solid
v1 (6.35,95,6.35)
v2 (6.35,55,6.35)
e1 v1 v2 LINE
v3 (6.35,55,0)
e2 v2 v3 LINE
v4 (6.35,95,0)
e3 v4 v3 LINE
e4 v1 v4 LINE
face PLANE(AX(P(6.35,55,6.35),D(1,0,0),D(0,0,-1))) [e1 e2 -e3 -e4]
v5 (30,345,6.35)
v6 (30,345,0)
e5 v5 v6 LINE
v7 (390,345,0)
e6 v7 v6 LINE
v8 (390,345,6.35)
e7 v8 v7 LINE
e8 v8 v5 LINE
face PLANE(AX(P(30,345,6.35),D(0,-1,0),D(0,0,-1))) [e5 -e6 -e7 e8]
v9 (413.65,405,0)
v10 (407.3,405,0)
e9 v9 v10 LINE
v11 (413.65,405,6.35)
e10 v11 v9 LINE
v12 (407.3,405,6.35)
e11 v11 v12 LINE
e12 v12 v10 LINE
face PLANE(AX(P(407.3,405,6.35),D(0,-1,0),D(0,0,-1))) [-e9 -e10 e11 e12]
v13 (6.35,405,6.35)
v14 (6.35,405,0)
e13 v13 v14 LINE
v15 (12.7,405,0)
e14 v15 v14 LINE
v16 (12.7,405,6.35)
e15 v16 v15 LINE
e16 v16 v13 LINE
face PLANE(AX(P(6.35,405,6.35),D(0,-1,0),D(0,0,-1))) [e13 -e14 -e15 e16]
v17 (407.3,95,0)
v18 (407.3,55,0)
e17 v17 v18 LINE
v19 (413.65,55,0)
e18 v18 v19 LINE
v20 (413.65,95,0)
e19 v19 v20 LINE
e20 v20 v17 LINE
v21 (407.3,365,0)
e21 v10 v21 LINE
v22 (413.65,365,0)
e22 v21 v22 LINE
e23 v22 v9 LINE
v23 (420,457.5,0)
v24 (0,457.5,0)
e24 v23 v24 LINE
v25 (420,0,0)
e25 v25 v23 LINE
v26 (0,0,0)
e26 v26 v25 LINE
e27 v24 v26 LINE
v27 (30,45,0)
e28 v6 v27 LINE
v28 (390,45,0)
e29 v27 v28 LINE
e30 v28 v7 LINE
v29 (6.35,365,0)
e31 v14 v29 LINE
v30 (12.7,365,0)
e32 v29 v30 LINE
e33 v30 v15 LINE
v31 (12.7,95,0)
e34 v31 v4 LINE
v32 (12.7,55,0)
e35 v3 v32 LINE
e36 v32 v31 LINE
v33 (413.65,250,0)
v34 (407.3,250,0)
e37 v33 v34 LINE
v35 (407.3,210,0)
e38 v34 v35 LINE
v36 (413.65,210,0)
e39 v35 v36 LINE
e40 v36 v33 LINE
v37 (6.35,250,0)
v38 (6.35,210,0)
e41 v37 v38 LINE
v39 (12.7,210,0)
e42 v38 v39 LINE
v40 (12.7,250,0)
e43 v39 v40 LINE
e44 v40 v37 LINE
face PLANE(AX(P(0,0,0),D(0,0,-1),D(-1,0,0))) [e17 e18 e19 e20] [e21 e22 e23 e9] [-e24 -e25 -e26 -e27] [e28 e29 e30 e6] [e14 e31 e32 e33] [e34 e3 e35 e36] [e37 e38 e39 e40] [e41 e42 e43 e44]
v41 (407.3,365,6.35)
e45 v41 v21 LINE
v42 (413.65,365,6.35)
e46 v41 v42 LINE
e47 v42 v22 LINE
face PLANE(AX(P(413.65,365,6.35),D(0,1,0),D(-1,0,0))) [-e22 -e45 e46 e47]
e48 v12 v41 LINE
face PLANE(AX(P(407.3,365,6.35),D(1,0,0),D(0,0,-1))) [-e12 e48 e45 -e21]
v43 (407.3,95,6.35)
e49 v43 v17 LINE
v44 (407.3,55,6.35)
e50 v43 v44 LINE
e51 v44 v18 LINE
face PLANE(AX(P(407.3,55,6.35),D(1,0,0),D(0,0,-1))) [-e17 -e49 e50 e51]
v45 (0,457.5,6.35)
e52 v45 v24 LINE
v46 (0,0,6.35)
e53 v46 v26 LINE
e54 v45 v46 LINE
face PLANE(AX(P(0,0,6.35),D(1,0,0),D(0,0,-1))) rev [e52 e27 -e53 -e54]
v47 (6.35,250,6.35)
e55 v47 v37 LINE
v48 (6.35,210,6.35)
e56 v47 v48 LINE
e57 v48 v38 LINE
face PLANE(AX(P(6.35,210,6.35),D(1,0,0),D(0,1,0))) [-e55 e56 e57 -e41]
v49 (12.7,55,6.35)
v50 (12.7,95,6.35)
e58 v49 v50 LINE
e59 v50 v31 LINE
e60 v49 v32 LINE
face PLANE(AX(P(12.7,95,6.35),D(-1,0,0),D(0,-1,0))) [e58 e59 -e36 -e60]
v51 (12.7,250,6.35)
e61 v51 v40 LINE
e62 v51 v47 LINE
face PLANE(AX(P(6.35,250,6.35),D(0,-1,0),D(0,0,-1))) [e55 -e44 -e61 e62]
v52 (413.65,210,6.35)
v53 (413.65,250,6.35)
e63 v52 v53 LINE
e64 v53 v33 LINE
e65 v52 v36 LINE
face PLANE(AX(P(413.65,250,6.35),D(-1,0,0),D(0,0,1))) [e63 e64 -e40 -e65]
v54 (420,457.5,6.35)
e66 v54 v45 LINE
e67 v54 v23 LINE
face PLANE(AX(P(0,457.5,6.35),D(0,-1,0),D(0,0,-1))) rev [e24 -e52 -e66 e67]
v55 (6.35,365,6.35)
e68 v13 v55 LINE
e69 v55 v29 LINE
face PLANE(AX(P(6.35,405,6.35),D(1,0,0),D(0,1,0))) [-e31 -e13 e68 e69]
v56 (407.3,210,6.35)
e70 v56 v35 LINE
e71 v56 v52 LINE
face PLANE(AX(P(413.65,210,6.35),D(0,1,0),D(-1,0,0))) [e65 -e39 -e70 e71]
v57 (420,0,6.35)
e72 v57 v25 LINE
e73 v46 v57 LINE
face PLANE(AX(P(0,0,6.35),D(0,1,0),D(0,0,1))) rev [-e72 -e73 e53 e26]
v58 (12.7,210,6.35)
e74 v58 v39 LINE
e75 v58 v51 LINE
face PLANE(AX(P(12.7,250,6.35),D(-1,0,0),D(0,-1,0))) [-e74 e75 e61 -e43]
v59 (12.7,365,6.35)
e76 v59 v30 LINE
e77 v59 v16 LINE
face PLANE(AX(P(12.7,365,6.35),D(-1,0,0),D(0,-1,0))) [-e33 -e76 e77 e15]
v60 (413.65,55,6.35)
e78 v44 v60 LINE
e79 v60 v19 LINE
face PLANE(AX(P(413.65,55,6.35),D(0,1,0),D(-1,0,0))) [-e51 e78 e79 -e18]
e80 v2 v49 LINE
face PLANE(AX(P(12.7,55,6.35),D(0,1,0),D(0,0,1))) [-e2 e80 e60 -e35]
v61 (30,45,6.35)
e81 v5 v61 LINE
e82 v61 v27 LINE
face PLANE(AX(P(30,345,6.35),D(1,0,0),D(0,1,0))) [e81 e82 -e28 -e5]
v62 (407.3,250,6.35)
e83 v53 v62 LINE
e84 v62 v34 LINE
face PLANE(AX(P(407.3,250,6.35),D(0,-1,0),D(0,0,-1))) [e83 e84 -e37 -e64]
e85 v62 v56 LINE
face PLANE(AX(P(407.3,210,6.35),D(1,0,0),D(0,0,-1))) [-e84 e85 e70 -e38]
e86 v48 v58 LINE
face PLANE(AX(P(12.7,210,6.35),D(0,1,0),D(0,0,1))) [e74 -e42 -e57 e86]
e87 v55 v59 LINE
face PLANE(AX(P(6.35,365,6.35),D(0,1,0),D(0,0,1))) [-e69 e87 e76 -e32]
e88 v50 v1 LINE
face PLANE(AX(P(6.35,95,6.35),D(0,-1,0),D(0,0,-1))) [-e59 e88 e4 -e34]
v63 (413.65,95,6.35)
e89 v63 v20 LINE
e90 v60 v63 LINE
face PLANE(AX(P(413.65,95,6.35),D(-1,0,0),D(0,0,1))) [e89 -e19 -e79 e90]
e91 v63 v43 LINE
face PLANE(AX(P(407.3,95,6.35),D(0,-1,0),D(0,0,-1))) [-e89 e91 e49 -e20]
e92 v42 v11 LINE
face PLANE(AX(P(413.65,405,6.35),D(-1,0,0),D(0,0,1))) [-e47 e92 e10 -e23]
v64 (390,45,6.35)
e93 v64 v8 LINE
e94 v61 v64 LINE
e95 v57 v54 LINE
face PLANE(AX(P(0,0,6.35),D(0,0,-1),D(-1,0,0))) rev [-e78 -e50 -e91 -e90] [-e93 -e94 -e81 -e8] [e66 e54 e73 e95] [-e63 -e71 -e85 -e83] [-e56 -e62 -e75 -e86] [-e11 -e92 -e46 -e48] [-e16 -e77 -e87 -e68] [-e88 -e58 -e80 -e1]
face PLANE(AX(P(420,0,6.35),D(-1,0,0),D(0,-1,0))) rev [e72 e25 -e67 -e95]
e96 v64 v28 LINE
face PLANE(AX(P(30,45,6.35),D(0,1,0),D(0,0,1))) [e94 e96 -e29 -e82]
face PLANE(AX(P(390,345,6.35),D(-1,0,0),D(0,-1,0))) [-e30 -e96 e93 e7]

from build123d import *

# Parameters (mm, degrees)
SKETCH1_W           = 6.35
SKETCH1_H           = 40
SKETCH1_W_2         = 360
SKETCH1_H_2         = 300
BOSS_EXTRUDE1_DEPTH = 6.35


with BuildPart() as part:
    # Sketch1 → Boss-Extrude1 (new body)
    with BuildSketch(Plane.XY):
        Polygon((0, 0), (420, 0), (420, 457.5), (413.65, 457.5), (407.3, 457.5), (12.7, 457.5), (6.35, 457.5), (0, 457.5), align=None)
        with Locations((9.525, 385)):
            Rectangle(SKETCH1_W, SKETCH1_H, mode=Mode.SUBTRACT)
        with Locations((410.475, 385)):
            Rectangle(SKETCH1_W, SKETCH1_H, mode=Mode.SUBTRACT)
        with Locations((9.525, 230)):
            Rectangle(SKETCH1_W, SKETCH1_H, mode=Mode.SUBTRACT)
        with Locations((410.475, 230)):
            Rectangle(SKETCH1_W, SKETCH1_H, mode=Mode.SUBTRACT)
        with Locations((410.475, 75)):
            Rectangle(SKETCH1_W, SKETCH1_H, mode=Mode.SUBTRACT)
        with Locations((9.525, 75)):
            Rectangle(SKETCH1_W, SKETCH1_H, mode=Mode.SUBTRACT)
        with Locations((210, 195)):
            Rectangle(SKETCH1_W_2, SKETCH1_H_2, mode=Mode.SUBTRACT)
    extrude(amount=BOSS_EXTRUDE1_DEPTH)


solid = part.part
